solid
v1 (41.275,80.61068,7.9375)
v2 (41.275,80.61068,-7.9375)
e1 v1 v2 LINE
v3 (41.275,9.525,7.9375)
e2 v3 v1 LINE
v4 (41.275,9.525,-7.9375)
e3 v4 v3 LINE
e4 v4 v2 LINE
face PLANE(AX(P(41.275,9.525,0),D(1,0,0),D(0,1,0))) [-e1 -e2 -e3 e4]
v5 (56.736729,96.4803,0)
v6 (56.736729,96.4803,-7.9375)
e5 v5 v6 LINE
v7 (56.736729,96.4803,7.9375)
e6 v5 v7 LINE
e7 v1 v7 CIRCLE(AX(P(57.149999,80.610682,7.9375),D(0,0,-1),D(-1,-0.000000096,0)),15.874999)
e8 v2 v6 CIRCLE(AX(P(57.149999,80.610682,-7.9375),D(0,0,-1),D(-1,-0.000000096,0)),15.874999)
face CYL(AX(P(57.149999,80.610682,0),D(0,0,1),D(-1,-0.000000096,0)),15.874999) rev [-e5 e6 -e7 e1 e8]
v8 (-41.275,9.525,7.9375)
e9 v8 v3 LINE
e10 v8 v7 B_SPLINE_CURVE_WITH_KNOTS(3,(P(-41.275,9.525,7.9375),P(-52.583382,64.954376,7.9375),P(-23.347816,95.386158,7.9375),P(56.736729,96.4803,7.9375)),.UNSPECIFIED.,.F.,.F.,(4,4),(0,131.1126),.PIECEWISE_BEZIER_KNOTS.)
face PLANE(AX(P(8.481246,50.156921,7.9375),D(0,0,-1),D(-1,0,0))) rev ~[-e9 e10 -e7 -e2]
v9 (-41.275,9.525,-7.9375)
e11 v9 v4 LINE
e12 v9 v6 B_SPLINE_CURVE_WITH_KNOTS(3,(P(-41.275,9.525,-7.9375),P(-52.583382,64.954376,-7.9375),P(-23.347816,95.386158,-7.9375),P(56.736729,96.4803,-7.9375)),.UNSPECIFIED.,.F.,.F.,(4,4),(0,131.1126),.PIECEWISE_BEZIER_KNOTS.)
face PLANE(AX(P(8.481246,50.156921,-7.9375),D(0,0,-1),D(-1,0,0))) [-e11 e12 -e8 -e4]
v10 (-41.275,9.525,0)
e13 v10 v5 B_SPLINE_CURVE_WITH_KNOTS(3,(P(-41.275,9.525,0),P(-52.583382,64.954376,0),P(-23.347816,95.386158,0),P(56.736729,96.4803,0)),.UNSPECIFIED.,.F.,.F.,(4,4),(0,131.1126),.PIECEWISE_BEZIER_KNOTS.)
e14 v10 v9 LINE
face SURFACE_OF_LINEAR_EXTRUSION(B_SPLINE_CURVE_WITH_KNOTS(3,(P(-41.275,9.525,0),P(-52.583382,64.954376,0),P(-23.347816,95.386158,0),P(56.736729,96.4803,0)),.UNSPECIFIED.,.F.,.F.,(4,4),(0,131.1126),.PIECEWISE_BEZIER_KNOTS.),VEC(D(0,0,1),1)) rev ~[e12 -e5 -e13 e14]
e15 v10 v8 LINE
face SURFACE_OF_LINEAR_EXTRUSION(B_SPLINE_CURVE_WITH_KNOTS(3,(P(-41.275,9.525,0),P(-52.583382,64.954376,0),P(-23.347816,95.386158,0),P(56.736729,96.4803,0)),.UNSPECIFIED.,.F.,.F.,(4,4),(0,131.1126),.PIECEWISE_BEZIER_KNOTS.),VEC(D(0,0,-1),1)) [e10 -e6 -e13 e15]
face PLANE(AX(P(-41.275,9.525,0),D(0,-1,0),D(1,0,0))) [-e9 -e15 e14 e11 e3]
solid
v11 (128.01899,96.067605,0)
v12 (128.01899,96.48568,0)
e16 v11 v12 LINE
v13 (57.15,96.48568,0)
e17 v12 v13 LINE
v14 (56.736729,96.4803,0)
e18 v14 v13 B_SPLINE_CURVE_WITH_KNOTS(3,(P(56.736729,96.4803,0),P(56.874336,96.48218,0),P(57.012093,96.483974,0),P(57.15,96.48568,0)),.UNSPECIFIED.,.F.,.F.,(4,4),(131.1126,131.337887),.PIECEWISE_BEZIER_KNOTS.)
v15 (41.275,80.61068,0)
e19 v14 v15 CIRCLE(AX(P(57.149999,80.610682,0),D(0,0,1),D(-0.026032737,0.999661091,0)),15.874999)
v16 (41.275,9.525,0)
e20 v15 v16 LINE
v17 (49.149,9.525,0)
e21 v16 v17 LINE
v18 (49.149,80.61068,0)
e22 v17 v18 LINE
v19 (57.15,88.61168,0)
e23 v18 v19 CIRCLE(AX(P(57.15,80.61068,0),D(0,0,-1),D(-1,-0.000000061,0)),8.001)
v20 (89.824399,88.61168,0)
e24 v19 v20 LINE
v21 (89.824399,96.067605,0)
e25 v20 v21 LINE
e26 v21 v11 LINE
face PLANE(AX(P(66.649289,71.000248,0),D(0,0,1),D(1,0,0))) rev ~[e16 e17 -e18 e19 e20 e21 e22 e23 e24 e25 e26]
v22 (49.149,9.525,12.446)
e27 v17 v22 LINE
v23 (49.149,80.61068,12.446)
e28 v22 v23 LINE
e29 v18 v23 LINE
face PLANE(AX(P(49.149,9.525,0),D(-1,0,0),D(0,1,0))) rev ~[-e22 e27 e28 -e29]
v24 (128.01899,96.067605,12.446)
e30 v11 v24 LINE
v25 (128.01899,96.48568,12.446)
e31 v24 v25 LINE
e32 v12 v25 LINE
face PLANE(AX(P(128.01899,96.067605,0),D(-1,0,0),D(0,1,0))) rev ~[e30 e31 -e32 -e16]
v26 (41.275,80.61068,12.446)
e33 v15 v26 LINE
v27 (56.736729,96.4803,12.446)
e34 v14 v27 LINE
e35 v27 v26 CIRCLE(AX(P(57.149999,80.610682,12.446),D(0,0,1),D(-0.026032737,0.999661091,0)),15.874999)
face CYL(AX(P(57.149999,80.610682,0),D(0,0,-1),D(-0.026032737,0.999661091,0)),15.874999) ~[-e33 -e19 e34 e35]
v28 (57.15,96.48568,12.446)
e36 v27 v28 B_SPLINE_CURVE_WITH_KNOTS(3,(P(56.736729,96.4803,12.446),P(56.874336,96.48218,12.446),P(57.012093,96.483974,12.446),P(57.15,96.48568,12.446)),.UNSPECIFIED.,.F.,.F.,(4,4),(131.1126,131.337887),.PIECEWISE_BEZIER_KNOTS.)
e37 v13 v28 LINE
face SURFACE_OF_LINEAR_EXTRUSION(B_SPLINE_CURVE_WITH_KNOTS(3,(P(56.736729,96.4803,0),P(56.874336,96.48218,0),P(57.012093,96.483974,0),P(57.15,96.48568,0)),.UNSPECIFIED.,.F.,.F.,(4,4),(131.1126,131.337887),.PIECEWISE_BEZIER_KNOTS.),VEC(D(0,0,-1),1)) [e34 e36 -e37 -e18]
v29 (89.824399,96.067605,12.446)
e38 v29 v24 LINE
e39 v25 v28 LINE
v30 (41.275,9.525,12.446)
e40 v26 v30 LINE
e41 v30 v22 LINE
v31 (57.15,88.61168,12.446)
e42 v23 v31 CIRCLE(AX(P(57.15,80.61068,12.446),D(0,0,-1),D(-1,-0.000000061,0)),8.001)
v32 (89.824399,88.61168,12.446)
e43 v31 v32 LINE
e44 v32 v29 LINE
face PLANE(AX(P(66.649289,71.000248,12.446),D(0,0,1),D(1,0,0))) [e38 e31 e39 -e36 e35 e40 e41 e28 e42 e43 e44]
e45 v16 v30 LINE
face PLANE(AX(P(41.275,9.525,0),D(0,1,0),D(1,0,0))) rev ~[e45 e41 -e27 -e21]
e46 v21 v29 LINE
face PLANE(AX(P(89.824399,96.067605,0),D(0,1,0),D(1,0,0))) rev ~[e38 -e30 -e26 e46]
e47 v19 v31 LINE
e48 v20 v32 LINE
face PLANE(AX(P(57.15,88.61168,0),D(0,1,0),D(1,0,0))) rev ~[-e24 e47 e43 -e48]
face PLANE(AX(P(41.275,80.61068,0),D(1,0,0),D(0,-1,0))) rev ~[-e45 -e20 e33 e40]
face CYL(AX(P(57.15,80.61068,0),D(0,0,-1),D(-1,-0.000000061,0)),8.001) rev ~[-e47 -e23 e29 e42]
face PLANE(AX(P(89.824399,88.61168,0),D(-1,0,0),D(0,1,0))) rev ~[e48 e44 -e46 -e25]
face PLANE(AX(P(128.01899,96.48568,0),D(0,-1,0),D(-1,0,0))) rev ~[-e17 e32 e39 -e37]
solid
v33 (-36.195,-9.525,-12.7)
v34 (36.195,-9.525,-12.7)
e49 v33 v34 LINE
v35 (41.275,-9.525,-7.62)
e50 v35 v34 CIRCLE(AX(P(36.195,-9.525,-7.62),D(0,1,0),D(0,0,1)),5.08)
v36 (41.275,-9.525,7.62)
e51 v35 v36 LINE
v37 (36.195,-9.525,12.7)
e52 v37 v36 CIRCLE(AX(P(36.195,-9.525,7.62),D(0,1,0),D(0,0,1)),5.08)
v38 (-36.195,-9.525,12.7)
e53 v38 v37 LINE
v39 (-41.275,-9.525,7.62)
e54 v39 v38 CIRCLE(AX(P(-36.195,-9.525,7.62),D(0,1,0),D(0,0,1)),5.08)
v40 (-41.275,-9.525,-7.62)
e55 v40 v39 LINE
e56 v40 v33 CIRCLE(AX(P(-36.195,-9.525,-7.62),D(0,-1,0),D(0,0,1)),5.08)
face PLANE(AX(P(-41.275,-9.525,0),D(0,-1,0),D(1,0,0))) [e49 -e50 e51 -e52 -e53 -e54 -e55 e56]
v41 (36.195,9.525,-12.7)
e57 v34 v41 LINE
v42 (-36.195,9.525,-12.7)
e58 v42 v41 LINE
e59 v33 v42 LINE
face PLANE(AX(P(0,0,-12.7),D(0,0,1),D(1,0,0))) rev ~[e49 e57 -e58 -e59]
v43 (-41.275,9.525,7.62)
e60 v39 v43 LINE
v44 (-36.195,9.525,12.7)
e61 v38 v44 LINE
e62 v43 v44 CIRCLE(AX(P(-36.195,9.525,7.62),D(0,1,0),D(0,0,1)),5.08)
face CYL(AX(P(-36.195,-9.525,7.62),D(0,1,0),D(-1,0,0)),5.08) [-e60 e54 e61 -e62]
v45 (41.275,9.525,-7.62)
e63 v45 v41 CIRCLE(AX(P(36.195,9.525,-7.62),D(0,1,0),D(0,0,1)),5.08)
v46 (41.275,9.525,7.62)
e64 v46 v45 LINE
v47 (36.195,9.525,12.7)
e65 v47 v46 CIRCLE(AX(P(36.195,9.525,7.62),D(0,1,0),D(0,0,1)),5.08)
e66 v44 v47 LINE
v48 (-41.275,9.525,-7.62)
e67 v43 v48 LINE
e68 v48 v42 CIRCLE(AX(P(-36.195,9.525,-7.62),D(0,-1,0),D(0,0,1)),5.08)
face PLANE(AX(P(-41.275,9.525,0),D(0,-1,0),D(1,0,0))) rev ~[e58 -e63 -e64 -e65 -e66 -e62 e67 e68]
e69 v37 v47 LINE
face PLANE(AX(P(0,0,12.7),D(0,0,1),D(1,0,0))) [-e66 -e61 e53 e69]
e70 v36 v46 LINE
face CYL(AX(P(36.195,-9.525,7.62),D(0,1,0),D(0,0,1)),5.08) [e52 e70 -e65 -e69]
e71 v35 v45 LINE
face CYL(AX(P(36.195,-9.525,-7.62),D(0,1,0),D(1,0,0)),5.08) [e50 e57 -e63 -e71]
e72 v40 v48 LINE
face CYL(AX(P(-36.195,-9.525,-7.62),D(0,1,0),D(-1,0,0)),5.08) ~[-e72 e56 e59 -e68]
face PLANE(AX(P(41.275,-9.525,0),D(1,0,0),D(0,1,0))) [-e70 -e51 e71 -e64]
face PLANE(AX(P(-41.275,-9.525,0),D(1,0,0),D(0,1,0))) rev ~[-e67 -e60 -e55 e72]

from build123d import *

# Parameters (mm, degrees)
F0_W     = 82.55
F0_H     = 19.05
F1_DEPTH = 12.7
F2_DEPTH = 12.446
F3_DEPTH = 7.9375
F4_R     = 5.08


with BuildPart() as f1:
    # F0 (on Top) → F1 (new body, symmetric)
    with BuildSketch(Plane.XY):
        Rectangle(F0_W, F0_H)
    extrude(amount=F1_DEPTH, both=True)

    # F4
    f4_edges = [f1.edges().sort_by_distance(p)[0] for p in [
        (41.275, 0, 12.7),
        (41.275, 0, -12.7),
        (-41.275, 0, 12.7),
        (-41.275, 0, -12.7),
    ]]
    fillet(f4_edges, radius=F4_R)


with BuildPart() as f2:
    # F0 (on Top) → F2 (new body)
    with BuildSketch(Plane.XY):
        with BuildLine():
            Line((41.275, 80.61068), (41.275, 9.525))
            Line((41.275, 9.525), (49.149, 9.525))
            Line((49.149, 9.525), (49.149, 80.61068))
            ThreePointArc((49.149, 80.61068), (51.492439, 86.268242), (57.15, 88.61168))
            Line((57.15, 88.61168), (89.824399, 88.61168))
            Line((89.824399, 88.61168), (89.824399, 96.067605))
            Line((89.824399, 96.067605), (128.01899, 96.067605))
            Line((128.01899, 96.067605), (128.01899, 96.48568))
            Line((128.01899, 96.48568), (57.15, 96.48568))
            add(Edge.make_bspline(
                [(56.736729, 96.4803), (56.874336, 96.48218), (57.012093, 96.483974), (57.15, 96.48568)],
                knots=[131.1126, 131.1126, 131.1126, 131.1126, 131.337887, 131.337887, 131.337887, 131.337887], degree=3))
            ThreePointArc((56.736729, 96.4803), (45.779505, 91.688924), (41.275, 80.61068))
        make_face()
    extrude(amount=F2_DEPTH)


with BuildPart() as f3:
    # F0 (on Top) → F3 (new body, symmetric)
    with BuildSketch(Plane.XY):
        with BuildLine():
            add(Edge.make_bspline(
                [(-41.275, 9.525), (-52.583382, 64.954376), (-23.347816, 95.386158), (56.736729, 96.4803)],
                knots=[0, 0, 0, 0, 131.1126, 131.1126, 131.1126, 131.1126], degree=3))
            Line((-41.275, 9.525), (41.275, 9.525))
            Line((41.275, 9.525), (41.275, 80.61068))
            ThreePointArc((41.275, 80.61068), (45.779505, 91.688924), (56.736729, 96.4803))
        make_face()
    extrude(amount=F3_DEPTH, both=True)


solid = Compound([f1.part, f2.part, f3.part])
